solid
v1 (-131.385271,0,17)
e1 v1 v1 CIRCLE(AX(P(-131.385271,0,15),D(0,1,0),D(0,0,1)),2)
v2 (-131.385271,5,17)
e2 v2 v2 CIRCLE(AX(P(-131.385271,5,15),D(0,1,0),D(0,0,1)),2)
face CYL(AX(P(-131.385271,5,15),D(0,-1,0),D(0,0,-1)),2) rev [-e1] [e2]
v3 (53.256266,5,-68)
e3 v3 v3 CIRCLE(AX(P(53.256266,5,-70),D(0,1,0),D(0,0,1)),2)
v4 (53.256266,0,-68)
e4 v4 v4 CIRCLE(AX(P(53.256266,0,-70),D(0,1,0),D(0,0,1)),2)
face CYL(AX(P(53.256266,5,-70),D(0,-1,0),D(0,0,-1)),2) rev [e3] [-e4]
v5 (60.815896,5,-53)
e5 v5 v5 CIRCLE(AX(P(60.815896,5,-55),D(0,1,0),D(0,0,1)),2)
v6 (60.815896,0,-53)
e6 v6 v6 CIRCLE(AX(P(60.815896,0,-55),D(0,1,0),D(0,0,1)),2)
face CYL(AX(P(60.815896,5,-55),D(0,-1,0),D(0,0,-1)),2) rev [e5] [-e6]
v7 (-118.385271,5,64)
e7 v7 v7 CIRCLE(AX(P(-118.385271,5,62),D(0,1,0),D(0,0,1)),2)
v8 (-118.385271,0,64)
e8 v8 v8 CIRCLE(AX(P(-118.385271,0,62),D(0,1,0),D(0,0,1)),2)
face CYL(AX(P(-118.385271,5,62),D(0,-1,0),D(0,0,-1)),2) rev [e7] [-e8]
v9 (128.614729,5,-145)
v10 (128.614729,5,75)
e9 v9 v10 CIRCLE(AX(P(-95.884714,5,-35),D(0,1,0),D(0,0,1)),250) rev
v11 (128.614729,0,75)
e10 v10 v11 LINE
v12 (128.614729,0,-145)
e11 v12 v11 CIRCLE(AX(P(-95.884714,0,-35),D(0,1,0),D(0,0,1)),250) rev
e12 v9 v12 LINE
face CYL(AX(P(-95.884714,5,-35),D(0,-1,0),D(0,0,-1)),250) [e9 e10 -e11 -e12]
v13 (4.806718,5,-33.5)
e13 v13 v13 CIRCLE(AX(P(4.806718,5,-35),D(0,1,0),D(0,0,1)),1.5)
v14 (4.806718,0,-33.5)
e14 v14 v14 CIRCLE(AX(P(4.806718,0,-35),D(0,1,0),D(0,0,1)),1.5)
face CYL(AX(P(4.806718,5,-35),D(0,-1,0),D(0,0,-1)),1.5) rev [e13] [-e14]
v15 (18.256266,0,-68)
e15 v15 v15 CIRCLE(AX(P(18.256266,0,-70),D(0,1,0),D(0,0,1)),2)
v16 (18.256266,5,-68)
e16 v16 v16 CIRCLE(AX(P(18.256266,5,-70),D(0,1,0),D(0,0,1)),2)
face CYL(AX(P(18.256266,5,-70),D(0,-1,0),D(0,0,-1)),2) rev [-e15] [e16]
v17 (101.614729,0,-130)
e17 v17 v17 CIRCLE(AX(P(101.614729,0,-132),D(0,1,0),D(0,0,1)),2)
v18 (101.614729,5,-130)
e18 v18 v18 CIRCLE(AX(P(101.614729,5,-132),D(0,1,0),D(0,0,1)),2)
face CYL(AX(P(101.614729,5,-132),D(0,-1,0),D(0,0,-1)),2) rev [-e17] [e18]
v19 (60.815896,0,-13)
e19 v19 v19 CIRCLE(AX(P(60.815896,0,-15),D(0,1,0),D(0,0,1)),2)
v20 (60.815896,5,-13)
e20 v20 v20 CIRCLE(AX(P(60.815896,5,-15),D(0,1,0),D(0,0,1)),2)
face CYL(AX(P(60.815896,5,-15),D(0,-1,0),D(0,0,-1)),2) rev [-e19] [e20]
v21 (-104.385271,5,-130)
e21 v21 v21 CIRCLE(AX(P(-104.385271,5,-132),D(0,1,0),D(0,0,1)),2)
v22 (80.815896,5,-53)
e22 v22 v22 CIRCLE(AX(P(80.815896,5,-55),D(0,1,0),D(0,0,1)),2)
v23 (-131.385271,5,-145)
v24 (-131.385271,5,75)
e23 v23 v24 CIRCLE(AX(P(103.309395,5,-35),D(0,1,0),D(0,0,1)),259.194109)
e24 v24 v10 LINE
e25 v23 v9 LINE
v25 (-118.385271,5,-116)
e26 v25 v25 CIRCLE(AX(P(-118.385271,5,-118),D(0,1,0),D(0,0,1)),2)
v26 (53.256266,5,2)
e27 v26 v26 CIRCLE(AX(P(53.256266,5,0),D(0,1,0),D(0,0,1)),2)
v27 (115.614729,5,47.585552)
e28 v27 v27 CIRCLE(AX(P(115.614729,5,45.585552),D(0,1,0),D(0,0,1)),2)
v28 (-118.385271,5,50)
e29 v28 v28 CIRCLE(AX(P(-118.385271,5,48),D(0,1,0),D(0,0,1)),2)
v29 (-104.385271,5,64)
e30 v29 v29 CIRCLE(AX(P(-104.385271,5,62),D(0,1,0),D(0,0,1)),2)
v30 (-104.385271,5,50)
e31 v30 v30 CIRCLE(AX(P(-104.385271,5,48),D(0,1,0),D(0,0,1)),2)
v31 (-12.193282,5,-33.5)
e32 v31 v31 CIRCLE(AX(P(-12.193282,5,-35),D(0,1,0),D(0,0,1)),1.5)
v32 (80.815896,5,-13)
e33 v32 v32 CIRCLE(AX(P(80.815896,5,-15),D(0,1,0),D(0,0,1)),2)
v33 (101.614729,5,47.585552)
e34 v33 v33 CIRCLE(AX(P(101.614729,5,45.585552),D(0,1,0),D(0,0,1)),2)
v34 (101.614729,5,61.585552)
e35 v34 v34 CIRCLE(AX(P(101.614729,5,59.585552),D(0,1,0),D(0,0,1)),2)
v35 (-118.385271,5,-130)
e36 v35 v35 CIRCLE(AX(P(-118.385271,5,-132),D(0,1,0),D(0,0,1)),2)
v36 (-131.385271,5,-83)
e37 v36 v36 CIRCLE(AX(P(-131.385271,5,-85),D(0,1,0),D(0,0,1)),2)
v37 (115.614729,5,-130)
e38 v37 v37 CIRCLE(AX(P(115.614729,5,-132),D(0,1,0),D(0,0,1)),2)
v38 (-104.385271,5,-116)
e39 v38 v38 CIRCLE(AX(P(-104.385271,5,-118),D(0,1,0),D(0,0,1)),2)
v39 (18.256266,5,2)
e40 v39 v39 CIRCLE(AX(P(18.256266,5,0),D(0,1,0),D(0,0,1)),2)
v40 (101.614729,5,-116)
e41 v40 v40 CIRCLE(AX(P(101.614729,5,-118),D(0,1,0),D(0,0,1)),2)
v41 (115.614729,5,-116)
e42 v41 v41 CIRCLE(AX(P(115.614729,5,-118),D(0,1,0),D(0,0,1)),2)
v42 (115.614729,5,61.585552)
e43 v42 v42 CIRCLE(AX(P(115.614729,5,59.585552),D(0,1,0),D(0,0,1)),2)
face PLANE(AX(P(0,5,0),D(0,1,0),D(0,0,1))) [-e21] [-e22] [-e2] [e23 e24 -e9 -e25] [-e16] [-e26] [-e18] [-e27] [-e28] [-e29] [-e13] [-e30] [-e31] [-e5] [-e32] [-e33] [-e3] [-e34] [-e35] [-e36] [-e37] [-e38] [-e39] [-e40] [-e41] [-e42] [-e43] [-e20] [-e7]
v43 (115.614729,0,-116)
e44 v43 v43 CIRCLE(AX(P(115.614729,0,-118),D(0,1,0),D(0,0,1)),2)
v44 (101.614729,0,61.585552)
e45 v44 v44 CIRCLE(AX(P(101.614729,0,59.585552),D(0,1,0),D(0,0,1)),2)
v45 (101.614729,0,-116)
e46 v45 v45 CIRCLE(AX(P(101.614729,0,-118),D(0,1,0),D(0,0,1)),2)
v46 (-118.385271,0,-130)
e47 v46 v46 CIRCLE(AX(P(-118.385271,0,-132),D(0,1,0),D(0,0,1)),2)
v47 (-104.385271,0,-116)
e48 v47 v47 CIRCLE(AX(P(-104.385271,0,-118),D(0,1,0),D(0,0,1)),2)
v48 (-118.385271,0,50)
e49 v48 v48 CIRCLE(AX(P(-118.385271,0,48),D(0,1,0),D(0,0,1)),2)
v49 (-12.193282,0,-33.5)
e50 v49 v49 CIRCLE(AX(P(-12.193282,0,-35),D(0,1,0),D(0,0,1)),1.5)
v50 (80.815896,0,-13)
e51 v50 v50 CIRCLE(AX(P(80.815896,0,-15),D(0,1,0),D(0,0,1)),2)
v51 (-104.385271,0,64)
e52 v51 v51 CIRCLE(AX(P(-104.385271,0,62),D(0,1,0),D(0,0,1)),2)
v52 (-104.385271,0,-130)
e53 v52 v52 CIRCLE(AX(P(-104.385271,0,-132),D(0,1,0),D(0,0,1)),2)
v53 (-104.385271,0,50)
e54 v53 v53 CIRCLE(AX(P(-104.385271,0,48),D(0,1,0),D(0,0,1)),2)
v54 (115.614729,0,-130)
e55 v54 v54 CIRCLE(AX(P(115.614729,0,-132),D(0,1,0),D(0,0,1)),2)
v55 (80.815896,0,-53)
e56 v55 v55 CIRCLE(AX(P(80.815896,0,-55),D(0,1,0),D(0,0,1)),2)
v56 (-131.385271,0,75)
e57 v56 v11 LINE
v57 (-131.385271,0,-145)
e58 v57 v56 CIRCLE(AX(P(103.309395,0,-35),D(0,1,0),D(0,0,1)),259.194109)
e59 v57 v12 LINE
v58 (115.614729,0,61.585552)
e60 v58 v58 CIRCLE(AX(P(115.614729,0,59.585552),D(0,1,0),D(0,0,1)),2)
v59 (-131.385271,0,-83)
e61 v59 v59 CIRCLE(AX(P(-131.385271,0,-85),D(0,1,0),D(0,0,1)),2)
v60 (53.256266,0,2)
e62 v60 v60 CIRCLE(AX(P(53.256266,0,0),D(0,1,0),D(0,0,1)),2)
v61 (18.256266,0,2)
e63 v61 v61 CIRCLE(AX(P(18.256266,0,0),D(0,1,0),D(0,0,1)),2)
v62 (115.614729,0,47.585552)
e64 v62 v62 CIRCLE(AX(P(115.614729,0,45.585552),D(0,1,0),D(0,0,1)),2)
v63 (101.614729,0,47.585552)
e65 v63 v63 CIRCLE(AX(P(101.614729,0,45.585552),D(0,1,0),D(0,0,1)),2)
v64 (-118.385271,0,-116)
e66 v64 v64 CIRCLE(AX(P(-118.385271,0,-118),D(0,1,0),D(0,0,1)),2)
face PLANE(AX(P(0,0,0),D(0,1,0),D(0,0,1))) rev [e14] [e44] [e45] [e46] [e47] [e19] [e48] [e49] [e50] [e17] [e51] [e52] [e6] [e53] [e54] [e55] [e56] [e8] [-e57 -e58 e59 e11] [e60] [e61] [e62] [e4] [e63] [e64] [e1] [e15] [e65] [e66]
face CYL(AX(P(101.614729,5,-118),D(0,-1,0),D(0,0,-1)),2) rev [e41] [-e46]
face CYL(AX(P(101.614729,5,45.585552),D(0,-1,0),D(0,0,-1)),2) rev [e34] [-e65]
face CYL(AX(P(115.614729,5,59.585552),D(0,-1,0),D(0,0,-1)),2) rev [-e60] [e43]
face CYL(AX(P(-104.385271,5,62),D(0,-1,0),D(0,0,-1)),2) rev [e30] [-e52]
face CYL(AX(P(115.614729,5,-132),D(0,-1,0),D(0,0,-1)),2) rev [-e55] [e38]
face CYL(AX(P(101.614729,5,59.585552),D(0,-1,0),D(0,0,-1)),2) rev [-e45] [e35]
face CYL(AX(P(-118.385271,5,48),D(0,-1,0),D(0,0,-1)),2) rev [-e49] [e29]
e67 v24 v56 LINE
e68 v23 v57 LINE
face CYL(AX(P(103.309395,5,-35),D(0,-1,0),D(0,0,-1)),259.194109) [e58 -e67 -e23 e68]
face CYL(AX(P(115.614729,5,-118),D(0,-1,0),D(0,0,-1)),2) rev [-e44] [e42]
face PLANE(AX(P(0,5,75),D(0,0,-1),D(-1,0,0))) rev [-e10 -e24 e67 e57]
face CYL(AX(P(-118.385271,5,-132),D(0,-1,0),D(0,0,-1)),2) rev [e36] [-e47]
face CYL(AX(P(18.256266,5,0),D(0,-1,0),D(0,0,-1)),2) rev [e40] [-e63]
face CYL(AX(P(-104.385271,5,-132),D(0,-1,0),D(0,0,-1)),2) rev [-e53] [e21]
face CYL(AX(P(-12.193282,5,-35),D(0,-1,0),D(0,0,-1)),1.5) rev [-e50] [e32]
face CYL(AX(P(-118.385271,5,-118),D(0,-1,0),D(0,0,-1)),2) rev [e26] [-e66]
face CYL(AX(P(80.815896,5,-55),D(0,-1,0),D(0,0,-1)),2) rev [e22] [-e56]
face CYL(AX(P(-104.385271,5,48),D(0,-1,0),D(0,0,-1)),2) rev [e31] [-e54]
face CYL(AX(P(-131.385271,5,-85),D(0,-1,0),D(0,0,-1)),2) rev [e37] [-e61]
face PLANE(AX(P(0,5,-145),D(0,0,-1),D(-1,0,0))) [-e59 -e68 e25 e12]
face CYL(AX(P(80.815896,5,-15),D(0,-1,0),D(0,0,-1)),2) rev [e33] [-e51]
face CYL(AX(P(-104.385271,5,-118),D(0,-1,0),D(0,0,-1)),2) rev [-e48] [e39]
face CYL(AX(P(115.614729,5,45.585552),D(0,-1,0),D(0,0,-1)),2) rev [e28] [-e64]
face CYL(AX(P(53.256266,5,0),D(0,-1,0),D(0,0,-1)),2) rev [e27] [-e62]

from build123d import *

# Parameters (mm, degrees)
SKETCH_1_R      = 2
SKETCH_1_R_2    = 1.5
EXTRUDE_2_DEPTH = 5


with BuildPart() as part:
    # 草图1 → 凸台-拉伸2 (new body)
    with BuildSketch(Plane(origin=(0, 0, 0), x_dir=(1, 0, 0), z_dir=(0, 1, 0))):
        with BuildLine():
            Line((-131.385271199, 145), (128.614728801, 145))
            ThreePointArc((128.614728801, 145), (154.115285595, 35), (128.614728801, -75))
            Line((128.614728801, -75), (-131.385271199, -75))
            ThreePointArc((-131.385271199, -75), (-155.884714405, 35), (-131.385271199, 145))
        make_face()
        with Locations(Location((-104.385271199, 118, 0), (0, 0, 270))):
            Circle(SKETCH_1_R, mode=Mode.SUBTRACT)
        with Locations(Location((-118.385271199, 132, 0), (0, 0, 270))):
            Circle(SKETCH_1_R, mode=Mode.SUBTRACT)
        with Locations(Location((-118.385271199, 118, 0), (0, 0, 270))):
            Circle(SKETCH_1_R, mode=Mode.SUBTRACT)
        with Locations(Location((-104.385271199, 132, 0), (0, 0, 270))):
            Circle(SKETCH_1_R, mode=Mode.SUBTRACT)
        with Locations(Location((101.614728801, 132, 0), (0, 0, 270))):
            Circle(SKETCH_1_R, mode=Mode.SUBTRACT)
        with Locations(Location((101.614728801, 118, 0), (0, 0, 270))):
            Circle(SKETCH_1_R, mode=Mode.SUBTRACT)
        with Locations(Location((115.614728801, 118, 0), (0, 0, 270))):
            Circle(SKETCH_1_R, mode=Mode.SUBTRACT)
        with Locations(Location((115.614728801, 132, 0), (0, 0, 270))):
            Circle(SKETCH_1_R, mode=Mode.SUBTRACT)
        with Locations(Location((115.614728801, -45.585551803, 0), (0, 0, 270))):
            Circle(SKETCH_1_R, mode=Mode.SUBTRACT)
        with Locations(Location((115.614728801, -59.585551803, 0), (0, 0, 270))):
            Circle(SKETCH_1_R, mode=Mode.SUBTRACT)
        with Locations(Location((101.614728801, -59.585551803, 0), (0, 0, 270))):
            Circle(SKETCH_1_R, mode=Mode.SUBTRACT)
        with Locations(Location((101.614728801, -45.585551803, 0), (0, 0, 270))):
            Circle(SKETCH_1_R, mode=Mode.SUBTRACT)
        with Locations(Location((-118.385271199, -48, 0), (0, 0, 270))):
            Circle(SKETCH_1_R, mode=Mode.SUBTRACT)
        with Locations(Location((-118.385271199, -62, 0), (0, 0, 270))):
            Circle(SKETCH_1_R, mode=Mode.SUBTRACT)
        with Locations(Location((-104.385271199, -48, 0), (0, 0, 270))):
            Circle(SKETCH_1_R, mode=Mode.SUBTRACT)
        with Locations(Location((-104.385271199, -62, 0), (0, 0, 270))):
            Circle(SKETCH_1_R, mode=Mode.SUBTRACT)
        with Locations(Location((-12.193281543, 35, 0), (0, 0, 270))):
            Circle(SKETCH_1_R_2, mode=Mode.SUBTRACT)
        with Locations(Location((4.806718457, 35, 0), (0, 0, 270))):
            Circle(SKETCH_1_R_2, mode=Mode.SUBTRACT)
        with Locations(Location((-131.385271199, 85, 0), (0, 0, 270))):
            Circle(SKETCH_1_R, mode=Mode.SUBTRACT)
        with Locations(Location((-131.385271199, -15, 0), (0, 0, 270))):
            Circle(SKETCH_1_R, mode=Mode.SUBTRACT)
        with Locations(Location((18.256265761, 70, 0), (0, 0, 270))):
            Circle(SKETCH_1_R, mode=Mode.SUBTRACT)
        with Locations(Location((53.256265761, 70, 0), (0, 0, 270))):
            Circle(SKETCH_1_R, mode=Mode.SUBTRACT)
        with Locations(Location((53.256265761, 0, 0), (0, 0, 270))):
            Circle(SKETCH_1_R, mode=Mode.SUBTRACT)
        with Locations(Location((18.256265761, 0, 0), (0, 0, 270))):
            Circle(SKETCH_1_R, mode=Mode.SUBTRACT)
        with Locations(Location((60.81589639, 55, 0), (0, 0, 270))):
            Circle(SKETCH_1_R, mode=Mode.SUBTRACT)
        with Locations(Location((80.81589639, 55, 0), (0, 0, 270))):
            Circle(SKETCH_1_R, mode=Mode.SUBTRACT)
        with Locations(Location((80.81589639, 15, 0), (0, 0, 270))):
            Circle(SKETCH_1_R, mode=Mode.SUBTRACT)
        with Locations(Location((60.81589639, 15, 0), (0, 0, 270))):
            Circle(SKETCH_1_R, mode=Mode.SUBTRACT)
    extrude(amount=EXTRUDE_2_DEPTH)


solid = part.part
